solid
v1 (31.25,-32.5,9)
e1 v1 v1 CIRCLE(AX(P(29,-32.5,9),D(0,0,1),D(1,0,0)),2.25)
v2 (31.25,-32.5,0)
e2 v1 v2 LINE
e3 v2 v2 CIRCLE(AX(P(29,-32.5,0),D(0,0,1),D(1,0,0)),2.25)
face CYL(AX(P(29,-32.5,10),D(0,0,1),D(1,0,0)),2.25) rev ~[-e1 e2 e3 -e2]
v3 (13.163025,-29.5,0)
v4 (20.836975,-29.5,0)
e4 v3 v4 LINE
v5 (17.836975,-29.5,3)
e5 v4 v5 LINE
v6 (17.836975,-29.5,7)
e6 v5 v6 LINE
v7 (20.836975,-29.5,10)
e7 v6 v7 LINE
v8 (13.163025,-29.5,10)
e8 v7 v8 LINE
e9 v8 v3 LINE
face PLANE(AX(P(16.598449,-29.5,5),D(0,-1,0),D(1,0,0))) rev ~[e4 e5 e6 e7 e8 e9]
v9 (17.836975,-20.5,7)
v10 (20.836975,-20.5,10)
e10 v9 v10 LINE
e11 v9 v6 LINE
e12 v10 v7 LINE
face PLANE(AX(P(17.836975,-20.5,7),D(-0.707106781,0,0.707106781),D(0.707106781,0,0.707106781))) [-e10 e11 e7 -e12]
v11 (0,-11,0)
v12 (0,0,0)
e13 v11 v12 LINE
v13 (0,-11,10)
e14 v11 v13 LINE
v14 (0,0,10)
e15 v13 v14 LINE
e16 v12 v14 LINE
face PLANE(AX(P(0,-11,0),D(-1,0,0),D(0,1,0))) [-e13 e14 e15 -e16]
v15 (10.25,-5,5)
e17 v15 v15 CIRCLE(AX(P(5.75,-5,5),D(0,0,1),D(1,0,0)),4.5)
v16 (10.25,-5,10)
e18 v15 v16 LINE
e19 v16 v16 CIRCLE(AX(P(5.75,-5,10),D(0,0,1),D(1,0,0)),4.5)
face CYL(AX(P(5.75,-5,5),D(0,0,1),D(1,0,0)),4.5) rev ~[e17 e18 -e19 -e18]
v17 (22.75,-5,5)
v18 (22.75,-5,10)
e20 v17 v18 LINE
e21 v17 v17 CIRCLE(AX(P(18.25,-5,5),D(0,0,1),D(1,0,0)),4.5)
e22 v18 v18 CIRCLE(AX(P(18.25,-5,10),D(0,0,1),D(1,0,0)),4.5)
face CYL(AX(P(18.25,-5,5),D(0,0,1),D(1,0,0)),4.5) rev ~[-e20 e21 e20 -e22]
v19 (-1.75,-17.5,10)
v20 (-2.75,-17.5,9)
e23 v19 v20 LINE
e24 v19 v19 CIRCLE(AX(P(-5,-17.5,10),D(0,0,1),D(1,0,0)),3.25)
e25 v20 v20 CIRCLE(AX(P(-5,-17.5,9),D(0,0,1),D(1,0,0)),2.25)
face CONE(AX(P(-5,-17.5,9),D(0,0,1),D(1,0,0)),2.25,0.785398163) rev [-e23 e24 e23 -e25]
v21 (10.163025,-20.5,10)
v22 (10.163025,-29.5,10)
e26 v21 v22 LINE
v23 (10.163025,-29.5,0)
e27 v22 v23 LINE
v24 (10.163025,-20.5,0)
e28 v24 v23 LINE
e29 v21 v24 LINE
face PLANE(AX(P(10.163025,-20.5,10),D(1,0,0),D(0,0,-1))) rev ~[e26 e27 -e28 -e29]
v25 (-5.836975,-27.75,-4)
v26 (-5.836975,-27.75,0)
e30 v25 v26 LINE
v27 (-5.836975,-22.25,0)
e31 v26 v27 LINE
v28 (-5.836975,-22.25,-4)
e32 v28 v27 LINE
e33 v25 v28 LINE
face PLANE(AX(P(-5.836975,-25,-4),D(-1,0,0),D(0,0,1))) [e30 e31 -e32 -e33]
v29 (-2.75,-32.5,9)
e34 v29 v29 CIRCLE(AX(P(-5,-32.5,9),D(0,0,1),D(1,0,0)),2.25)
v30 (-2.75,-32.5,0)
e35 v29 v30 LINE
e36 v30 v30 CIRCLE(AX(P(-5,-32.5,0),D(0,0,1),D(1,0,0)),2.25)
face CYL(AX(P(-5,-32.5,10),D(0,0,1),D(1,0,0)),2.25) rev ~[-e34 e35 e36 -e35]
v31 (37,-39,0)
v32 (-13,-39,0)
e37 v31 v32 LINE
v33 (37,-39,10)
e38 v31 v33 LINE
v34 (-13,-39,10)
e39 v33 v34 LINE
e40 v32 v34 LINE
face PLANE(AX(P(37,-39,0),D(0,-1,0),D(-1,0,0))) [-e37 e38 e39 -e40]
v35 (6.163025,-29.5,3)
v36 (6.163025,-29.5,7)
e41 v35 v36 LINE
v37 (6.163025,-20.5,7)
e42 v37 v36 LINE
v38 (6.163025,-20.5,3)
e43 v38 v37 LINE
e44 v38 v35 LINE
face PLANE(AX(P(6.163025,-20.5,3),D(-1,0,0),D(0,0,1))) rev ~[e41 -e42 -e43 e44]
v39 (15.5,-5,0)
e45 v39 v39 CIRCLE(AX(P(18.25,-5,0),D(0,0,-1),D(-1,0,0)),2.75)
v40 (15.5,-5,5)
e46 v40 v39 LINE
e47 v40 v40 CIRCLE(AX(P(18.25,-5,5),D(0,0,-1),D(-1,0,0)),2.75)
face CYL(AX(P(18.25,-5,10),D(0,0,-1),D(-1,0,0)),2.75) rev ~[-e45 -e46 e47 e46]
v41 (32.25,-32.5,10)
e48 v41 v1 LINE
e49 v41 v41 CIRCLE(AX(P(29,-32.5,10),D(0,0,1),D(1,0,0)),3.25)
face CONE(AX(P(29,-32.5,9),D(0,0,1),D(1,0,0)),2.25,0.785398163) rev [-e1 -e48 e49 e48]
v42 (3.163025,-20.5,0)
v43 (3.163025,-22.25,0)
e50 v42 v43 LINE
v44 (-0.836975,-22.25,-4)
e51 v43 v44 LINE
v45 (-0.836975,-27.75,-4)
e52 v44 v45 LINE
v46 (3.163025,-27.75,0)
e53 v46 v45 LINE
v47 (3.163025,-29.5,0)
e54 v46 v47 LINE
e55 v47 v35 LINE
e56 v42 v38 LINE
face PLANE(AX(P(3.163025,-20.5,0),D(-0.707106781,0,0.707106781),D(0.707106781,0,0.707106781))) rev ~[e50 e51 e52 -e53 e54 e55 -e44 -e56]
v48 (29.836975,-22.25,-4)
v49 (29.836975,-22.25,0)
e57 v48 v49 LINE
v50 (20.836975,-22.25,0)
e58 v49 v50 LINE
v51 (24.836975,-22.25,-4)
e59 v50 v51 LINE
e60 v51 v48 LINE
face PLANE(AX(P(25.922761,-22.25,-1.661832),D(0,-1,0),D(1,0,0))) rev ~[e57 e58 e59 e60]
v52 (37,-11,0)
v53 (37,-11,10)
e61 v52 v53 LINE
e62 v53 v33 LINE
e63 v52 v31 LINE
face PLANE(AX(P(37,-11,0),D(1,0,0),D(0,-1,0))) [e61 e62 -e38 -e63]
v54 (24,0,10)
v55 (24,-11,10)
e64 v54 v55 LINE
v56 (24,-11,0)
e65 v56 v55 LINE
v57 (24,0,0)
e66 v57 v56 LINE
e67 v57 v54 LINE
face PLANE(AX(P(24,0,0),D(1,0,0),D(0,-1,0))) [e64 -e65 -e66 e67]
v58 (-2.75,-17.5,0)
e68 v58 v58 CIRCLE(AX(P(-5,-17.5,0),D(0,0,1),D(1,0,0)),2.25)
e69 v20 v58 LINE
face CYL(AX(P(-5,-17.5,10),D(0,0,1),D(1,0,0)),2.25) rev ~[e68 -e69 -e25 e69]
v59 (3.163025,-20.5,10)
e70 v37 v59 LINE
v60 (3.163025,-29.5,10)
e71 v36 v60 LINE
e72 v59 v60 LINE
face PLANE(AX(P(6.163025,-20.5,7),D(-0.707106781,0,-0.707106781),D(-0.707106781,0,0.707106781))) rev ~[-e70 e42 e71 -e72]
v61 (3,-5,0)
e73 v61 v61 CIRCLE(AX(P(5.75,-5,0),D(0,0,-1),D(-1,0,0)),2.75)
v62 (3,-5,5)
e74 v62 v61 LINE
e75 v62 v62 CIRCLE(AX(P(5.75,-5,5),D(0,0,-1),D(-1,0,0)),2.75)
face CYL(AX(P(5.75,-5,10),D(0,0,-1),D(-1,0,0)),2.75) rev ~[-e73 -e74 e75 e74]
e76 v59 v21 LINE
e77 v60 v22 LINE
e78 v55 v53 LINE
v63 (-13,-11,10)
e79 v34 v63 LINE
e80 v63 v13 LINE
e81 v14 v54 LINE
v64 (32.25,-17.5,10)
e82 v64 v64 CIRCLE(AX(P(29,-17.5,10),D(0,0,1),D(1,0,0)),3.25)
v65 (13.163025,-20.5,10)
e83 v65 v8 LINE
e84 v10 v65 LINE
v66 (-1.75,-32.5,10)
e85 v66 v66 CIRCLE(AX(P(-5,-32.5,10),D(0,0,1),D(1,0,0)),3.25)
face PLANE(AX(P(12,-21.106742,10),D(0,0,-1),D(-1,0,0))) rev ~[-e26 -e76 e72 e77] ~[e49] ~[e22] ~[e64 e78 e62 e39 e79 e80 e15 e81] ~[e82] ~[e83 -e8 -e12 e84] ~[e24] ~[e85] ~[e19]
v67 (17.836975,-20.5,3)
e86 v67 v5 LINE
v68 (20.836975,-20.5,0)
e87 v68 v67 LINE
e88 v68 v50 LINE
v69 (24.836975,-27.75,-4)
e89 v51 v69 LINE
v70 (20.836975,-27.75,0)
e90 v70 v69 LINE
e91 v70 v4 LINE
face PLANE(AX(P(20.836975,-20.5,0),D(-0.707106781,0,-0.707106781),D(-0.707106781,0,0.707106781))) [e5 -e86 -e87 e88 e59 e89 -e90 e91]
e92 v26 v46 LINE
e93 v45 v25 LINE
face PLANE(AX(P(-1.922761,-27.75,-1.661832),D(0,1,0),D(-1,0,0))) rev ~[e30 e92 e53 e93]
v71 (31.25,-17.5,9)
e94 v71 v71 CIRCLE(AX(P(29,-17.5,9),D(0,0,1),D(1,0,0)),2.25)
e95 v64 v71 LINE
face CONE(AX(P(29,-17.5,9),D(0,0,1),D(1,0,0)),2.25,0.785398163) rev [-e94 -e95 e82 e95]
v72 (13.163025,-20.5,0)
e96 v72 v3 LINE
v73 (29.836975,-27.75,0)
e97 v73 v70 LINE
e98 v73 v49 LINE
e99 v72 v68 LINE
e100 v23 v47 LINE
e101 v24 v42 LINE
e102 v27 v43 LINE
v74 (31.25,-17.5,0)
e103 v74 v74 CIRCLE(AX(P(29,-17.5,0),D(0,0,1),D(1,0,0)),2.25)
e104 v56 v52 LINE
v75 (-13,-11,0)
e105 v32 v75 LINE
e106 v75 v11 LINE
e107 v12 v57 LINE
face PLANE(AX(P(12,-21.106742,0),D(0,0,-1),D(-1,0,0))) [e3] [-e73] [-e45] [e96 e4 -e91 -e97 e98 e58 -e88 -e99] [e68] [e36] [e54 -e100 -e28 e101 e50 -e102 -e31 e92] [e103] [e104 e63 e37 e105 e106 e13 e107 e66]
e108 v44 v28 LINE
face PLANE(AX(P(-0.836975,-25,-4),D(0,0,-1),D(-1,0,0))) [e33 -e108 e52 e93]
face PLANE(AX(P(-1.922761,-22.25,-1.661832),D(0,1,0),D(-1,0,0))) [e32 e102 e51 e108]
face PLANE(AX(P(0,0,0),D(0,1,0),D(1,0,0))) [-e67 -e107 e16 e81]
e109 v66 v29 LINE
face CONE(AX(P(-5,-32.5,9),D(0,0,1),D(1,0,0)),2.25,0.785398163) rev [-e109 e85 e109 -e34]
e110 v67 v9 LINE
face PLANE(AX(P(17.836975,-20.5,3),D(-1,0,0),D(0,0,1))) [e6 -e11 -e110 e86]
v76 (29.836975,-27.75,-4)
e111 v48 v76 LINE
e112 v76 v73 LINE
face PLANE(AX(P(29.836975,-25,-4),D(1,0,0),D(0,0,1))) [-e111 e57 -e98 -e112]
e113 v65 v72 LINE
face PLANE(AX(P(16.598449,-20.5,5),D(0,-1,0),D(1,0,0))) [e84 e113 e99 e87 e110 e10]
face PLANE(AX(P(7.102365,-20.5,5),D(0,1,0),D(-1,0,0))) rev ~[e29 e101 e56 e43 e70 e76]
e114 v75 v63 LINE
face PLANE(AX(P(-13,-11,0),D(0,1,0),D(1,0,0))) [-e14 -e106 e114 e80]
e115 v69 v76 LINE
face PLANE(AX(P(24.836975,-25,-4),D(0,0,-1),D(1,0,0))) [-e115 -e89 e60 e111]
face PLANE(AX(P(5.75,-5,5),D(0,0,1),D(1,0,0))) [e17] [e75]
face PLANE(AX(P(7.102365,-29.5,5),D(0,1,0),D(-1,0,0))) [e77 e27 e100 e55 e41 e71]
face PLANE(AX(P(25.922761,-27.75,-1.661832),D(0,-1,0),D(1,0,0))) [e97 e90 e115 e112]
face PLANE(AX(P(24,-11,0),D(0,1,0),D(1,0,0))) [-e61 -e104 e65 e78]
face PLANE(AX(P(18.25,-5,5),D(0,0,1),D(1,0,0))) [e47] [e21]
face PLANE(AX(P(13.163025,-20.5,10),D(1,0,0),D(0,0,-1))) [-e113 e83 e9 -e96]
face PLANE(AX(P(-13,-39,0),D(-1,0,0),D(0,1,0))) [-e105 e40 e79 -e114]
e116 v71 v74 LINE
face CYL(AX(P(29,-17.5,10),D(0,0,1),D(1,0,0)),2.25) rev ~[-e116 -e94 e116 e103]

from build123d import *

# Parameters (mm, degrees)
PAD_DEPTH        = 10
HOLE_D           = 5.5
HOLE_CBORE_D     = 9
HOLE_CBORE_DEPTH = 5
POCKET_DEPTH     = 9
SKETCH004_R      = 2.25
HOLE001_DEPTH    = 10.001
CHAMFER_SIZE     = 1
PAD001_DEPTH     = 2.75


with BuildPart() as part:
    # Sketch → Pad (new body)
    with BuildSketch(Plane.XY):
        Polygon((0, 0), (24, 0), (24, -11), (37, -11), (37, -39), (-13, -39), (-13, -11), (0, -11), align=None)
    extrude(amount=PAD_DEPTH)

    # Hole (through all)
    with Locations(Plane.XY.offset(10)):
        with Locations((5.75, -5), (18.25, -5)):
            CounterBoreHole(HOLE_D / 2, HOLE_CBORE_D / 2, HOLE_CBORE_DEPTH)

    # Sketch003 (on Face6 of Hole) → Pocket (cut)
    with BuildSketch(Plane(origin=(0, -20.5, 0), x_dir=(-1, 0, 0), z_dir=(0, 1, 0))):
        Polygon((-3.163025, 0), (-6.163025, 3), (-6.163025, 7), (-3.163025, 10), (-10.163025, 10), (-10.163025, 0), align=None)
        Polygon((-20.836975, 10), (-13.163025, 10), (-13.163025, 0), (-20.836975, 0), (-17.836975, 3), (-17.836975, 7), align=None)
    extrude(amount=-POCKET_DEPTH, mode=Mode.SUBTRACT)

    # Sketch004 (on Face5 of Pocket) → Hole001 (cut, through all)
    with BuildSketch(Plane.XY.offset(10)):
        with Locations((-5, -17.5)):
            Circle(SKETCH004_R)
        with Locations((-5, -32.5)):
            Circle(SKETCH004_R)
        with Locations((29, -32.5)):
            Circle(SKETCH004_R)
        with Locations((29, -17.5)):
            Circle(SKETCH004_R)
    extrude(amount=-HOLE001_DEPTH, mode=Mode.SUBTRACT)

    # Chamfer
    chamfer_edges = [part.edges().sort_by_distance(p)[0] for p in [
        (-7.25, -17.5, 10),
        (-7.25, -32.5, 10),
        (26.75, -17.5, 10),
        (26.75, -32.5, 10),
    ]]
    chamfer(chamfer_edges, length=CHAMFER_SIZE)

    # Sketch005 → Pad001 (join, symmetric)
    with BuildSketch(Plane.XZ.offset(25)):
        Polygon((-0.836975, -4), (-5.836975, -4), (-5.836975, 0), (3.163025, 0), align=None)
        Polygon((20.836975, 0), (24.836975, -4), (29.836975, -4), (29.836975, 0), align=None)
    extrude(amount=PAD001_DEPTH, both=True)


solid = part.part
